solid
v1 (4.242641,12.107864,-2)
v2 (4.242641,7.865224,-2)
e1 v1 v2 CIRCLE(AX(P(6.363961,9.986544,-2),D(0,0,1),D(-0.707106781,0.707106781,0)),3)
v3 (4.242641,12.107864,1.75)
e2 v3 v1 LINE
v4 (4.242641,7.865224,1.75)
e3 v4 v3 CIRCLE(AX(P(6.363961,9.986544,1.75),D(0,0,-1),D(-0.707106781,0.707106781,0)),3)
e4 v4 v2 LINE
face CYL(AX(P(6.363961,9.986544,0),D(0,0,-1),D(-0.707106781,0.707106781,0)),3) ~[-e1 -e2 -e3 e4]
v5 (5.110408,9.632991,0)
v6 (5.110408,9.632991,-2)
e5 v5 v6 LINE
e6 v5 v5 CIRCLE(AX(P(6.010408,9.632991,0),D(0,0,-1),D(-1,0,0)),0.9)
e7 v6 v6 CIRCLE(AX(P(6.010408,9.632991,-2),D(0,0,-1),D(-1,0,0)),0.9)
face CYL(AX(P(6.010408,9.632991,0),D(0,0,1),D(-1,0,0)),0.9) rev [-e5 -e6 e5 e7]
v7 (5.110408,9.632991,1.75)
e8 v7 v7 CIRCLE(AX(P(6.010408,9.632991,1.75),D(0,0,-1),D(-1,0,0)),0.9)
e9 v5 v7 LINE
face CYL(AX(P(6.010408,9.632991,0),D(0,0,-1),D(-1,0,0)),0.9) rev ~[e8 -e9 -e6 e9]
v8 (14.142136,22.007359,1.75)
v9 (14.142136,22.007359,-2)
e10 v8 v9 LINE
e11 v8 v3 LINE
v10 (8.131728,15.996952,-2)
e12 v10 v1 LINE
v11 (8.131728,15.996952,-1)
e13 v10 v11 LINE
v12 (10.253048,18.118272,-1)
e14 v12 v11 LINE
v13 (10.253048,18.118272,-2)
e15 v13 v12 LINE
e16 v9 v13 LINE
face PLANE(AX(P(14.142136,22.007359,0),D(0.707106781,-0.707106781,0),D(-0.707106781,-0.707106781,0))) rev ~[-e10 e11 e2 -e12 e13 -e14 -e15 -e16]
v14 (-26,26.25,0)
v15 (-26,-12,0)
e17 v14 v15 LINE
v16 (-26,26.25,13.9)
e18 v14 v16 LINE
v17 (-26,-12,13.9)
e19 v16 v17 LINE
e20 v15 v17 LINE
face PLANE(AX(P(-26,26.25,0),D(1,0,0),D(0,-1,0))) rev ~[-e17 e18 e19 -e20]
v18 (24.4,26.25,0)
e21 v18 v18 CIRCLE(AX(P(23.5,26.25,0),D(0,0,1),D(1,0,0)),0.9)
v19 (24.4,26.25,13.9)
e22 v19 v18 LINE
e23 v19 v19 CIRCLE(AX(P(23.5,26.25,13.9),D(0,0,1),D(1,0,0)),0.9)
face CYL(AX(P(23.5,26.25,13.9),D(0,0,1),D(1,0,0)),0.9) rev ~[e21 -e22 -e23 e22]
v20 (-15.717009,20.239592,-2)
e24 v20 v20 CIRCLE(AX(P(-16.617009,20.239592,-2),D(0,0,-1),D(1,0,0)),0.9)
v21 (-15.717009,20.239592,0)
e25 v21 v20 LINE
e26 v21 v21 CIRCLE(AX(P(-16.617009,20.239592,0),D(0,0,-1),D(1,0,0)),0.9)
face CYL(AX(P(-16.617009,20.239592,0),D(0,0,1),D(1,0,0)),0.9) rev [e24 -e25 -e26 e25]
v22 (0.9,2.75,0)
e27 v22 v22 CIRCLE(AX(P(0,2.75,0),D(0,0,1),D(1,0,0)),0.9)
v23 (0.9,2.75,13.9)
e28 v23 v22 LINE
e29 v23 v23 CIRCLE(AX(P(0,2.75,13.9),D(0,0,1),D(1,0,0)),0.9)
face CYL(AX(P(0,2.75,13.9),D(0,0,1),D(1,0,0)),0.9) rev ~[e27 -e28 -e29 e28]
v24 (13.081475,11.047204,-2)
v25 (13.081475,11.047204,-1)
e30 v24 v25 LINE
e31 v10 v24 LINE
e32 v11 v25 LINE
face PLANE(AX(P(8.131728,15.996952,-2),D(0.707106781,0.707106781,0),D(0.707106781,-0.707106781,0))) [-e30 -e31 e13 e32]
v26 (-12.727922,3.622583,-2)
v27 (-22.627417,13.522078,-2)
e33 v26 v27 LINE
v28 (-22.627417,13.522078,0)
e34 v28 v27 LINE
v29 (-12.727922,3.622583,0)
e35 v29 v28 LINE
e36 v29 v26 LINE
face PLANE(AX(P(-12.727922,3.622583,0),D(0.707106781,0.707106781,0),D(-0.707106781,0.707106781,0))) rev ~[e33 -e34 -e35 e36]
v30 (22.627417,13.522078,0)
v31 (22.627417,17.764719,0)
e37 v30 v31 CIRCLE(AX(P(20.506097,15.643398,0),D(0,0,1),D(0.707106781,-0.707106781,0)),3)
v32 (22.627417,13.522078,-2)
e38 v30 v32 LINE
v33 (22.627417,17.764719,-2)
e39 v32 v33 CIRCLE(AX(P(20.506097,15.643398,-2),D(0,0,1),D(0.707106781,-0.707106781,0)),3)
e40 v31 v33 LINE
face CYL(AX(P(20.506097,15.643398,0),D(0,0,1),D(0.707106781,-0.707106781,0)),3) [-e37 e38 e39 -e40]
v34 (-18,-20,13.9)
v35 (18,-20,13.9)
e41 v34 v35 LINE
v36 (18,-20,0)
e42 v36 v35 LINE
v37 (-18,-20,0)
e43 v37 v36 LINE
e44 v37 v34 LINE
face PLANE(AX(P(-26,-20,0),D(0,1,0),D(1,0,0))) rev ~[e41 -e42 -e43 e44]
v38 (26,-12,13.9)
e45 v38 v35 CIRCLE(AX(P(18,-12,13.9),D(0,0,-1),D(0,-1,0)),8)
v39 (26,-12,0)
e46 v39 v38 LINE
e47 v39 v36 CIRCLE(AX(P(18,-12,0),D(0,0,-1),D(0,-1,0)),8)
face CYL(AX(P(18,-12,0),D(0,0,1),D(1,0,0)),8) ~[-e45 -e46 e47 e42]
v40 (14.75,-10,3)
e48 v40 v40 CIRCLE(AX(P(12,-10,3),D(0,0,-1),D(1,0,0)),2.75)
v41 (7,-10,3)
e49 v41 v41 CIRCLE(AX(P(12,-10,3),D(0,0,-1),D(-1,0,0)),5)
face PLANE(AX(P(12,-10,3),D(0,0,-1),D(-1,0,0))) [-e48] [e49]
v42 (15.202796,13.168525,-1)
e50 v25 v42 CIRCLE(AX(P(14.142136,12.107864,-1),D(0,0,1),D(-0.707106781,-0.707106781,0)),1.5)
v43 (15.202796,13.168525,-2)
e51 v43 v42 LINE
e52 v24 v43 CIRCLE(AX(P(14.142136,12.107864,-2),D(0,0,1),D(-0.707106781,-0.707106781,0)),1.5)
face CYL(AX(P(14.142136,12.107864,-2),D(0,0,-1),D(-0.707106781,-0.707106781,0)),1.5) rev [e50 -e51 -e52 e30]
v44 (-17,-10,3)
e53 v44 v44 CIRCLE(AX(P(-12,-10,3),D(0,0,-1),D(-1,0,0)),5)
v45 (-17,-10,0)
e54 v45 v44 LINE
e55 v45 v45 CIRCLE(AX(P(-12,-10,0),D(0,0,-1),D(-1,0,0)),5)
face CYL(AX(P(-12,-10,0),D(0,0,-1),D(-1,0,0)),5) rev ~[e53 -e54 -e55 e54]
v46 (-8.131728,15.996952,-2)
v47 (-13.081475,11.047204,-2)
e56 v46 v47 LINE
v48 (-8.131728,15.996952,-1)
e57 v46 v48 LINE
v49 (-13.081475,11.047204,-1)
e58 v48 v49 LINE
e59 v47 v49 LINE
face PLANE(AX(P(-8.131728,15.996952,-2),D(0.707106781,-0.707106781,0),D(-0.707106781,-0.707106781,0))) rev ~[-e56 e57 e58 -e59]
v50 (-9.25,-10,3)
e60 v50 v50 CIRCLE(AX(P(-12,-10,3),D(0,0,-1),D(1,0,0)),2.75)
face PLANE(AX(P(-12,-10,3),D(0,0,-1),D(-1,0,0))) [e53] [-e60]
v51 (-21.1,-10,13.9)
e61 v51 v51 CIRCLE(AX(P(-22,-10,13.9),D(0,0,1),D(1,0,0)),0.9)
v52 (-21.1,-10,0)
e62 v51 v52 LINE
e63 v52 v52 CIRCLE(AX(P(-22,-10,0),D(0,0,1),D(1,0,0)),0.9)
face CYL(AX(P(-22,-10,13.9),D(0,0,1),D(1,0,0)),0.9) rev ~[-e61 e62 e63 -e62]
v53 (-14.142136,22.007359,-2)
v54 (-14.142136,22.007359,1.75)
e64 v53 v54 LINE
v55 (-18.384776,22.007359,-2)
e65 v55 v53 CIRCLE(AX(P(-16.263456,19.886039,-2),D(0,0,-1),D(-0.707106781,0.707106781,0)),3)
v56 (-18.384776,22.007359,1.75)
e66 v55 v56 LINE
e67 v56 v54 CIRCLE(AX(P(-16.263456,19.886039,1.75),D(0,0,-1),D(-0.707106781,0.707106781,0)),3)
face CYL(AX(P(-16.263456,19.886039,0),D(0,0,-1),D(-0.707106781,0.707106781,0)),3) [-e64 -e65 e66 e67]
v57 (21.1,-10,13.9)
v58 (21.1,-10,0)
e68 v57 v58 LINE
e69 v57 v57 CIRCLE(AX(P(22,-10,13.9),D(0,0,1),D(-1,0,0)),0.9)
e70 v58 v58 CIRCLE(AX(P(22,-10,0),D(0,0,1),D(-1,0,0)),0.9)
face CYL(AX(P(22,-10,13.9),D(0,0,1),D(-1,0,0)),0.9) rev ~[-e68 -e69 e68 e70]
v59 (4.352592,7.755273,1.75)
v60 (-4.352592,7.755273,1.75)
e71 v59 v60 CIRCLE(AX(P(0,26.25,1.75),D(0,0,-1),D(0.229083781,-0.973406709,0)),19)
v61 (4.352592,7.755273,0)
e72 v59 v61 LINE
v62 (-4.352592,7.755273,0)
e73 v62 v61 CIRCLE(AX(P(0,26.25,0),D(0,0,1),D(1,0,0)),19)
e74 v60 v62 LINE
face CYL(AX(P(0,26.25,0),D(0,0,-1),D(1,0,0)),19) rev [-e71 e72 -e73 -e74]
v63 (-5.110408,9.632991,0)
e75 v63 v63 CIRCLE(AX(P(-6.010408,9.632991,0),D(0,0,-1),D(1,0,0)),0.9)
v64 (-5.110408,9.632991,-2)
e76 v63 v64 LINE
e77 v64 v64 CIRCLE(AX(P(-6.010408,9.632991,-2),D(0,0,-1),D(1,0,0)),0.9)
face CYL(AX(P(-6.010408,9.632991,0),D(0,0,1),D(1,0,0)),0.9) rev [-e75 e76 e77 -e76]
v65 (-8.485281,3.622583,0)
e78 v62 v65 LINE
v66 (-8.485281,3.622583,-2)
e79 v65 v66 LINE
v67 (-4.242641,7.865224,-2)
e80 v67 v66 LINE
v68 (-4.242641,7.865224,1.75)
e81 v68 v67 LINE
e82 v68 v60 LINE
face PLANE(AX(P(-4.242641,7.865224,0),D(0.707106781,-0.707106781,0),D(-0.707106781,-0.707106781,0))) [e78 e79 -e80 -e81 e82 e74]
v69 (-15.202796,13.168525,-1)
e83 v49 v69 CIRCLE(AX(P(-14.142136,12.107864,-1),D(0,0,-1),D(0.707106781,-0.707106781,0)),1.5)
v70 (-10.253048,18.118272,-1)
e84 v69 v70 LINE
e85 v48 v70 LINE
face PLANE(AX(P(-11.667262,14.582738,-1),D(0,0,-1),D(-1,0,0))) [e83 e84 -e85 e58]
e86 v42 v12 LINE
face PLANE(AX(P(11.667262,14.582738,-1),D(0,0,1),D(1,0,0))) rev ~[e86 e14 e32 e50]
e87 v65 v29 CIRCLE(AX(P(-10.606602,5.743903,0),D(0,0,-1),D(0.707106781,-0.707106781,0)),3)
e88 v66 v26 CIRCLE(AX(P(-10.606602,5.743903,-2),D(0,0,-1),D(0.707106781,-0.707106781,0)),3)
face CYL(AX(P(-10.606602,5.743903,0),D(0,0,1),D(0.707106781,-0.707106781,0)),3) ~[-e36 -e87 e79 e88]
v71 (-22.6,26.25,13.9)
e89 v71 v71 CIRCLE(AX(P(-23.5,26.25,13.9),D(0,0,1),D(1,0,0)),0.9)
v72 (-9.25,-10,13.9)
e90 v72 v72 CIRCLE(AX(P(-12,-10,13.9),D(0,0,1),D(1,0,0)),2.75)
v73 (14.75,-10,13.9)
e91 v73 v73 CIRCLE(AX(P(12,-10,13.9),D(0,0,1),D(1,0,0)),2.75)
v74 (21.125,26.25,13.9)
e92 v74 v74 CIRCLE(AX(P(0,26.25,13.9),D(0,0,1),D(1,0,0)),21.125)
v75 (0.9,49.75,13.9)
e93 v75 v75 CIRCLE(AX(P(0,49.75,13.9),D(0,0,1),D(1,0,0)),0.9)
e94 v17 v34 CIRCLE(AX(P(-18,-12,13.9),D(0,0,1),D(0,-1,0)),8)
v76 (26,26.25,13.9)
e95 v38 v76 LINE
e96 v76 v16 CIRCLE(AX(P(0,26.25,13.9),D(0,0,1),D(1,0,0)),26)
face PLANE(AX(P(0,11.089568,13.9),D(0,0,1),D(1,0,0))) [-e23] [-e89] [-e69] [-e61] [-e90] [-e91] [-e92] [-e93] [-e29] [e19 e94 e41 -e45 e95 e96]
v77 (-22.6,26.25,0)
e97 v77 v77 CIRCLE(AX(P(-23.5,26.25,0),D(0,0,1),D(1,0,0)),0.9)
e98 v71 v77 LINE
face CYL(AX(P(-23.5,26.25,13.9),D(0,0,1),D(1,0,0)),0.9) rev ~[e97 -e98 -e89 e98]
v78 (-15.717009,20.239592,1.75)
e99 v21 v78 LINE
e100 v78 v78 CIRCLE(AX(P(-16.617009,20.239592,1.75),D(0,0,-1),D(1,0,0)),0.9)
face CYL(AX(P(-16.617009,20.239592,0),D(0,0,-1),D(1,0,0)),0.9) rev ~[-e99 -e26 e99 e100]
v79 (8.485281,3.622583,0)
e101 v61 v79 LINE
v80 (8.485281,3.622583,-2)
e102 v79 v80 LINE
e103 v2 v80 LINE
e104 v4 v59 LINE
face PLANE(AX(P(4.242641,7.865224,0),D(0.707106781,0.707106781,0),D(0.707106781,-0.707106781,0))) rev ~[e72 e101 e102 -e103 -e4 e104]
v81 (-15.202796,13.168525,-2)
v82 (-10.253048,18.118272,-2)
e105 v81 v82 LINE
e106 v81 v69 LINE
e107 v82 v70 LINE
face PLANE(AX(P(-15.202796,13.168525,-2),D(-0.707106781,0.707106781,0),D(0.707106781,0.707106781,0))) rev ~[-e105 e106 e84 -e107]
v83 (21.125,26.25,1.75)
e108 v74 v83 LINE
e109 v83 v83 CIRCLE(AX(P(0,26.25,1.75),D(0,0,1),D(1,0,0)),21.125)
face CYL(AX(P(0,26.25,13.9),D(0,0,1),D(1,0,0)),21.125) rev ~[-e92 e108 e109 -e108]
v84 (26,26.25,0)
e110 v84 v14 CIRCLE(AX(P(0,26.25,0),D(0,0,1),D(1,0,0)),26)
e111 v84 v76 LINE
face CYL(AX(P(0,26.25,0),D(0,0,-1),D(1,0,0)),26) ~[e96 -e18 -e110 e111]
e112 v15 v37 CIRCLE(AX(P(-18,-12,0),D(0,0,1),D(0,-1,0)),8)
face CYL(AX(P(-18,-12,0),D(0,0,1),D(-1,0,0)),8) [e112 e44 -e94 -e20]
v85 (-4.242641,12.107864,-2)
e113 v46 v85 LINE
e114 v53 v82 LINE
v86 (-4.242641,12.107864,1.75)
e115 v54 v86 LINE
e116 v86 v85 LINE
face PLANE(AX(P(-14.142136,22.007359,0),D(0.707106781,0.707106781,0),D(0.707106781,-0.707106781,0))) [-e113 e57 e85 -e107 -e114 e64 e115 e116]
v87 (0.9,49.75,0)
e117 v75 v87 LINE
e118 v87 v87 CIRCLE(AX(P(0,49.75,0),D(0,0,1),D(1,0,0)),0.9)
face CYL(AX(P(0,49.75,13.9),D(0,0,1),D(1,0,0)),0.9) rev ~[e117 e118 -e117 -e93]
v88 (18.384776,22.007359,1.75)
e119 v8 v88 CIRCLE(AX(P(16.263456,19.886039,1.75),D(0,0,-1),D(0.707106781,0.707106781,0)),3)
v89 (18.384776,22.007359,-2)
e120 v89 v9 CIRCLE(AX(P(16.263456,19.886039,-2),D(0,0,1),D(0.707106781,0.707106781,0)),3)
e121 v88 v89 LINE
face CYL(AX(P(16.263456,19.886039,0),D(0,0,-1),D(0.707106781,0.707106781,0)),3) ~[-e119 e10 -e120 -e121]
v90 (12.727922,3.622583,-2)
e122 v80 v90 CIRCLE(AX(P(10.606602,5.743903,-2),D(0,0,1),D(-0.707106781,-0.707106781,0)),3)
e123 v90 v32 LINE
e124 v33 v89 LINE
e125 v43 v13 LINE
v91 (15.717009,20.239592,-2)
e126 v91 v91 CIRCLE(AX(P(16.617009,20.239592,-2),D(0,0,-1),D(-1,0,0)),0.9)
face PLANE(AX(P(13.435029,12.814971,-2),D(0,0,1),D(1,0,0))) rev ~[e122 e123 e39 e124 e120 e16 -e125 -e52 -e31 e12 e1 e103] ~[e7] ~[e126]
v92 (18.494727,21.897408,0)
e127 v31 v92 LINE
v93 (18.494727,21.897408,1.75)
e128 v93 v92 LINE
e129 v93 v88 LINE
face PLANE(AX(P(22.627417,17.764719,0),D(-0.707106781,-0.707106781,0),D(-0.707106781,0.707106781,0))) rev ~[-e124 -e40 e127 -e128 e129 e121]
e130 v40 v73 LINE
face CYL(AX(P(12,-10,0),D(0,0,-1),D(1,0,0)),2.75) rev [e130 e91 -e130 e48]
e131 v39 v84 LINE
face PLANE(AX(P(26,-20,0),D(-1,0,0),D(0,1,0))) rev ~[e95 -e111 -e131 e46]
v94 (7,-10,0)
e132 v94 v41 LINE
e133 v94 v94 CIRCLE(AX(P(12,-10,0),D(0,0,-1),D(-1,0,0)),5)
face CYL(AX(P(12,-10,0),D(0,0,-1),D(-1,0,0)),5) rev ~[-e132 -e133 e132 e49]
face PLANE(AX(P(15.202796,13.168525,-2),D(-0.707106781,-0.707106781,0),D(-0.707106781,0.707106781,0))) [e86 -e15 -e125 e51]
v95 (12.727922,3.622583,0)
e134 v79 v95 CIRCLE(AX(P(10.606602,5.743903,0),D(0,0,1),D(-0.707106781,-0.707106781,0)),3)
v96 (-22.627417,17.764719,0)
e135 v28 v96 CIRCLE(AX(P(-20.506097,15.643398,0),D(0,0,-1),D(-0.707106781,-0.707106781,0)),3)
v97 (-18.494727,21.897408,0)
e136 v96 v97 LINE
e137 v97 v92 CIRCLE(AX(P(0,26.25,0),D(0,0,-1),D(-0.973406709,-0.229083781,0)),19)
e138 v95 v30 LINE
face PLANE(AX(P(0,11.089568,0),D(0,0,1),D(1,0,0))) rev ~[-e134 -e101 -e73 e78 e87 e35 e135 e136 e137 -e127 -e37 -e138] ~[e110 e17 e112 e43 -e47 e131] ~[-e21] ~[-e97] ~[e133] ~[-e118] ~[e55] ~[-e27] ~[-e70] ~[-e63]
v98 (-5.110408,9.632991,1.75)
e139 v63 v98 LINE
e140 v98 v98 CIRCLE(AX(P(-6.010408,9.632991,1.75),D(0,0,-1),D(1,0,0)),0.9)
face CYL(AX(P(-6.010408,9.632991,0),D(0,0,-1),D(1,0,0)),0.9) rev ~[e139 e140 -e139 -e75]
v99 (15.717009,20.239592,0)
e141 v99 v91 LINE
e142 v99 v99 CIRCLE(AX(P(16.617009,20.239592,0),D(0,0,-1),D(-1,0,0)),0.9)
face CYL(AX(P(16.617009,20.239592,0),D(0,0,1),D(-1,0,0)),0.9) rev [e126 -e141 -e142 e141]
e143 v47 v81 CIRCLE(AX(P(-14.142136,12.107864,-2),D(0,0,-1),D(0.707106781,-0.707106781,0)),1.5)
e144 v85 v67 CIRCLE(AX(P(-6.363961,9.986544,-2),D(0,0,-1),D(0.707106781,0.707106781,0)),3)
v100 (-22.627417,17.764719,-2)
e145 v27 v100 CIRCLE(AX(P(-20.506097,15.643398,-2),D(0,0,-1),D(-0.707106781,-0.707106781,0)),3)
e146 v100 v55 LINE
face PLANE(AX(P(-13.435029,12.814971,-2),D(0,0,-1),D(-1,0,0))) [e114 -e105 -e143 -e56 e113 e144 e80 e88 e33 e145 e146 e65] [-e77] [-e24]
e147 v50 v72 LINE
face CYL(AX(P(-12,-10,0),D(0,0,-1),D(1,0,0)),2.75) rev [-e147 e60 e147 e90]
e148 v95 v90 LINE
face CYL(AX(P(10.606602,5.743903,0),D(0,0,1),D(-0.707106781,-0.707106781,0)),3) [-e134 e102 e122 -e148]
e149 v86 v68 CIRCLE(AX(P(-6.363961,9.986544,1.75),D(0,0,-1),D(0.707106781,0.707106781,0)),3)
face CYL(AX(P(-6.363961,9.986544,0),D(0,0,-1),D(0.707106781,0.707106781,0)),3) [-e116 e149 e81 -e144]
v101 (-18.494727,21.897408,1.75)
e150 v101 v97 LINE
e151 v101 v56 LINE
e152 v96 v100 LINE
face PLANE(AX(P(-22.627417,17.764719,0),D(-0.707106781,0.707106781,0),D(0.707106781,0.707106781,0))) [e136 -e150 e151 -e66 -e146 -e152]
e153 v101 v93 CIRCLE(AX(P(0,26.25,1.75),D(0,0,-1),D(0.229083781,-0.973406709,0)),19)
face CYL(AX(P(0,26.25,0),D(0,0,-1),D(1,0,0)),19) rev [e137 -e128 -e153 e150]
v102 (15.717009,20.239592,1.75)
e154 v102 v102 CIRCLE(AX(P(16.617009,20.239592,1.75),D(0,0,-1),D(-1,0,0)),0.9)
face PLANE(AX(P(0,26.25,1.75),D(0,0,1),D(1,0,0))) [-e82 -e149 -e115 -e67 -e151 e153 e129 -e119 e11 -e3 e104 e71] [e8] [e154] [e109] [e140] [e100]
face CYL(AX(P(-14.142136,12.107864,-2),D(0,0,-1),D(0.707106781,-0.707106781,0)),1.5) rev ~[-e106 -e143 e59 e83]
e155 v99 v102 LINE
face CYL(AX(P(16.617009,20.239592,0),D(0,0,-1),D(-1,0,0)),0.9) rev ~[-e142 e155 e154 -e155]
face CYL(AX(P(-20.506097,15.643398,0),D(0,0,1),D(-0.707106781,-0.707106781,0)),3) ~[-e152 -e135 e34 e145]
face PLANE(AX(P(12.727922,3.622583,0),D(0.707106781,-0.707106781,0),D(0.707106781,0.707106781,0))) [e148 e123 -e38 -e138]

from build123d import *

# Parameters (mm, degrees)
SKETCH_2_R                  = 19
SKETCH_2_R_2                = 2.75
EXTRUDE_1_DEPTH             = 13.9
SKETCH_3_R                  = 21.125
CUT_EXTRUDE_1_DEPTH         = 12.15
SKETCH_4_R                  = 5
CUT_EXTRUDE_2_DEPTH         = 3
FILLET_1_R                  = 8
SKETCH_5_R                  = 0.9
CUT_EXTRUDE_3_DEPTH         = 60.993937194
SKETCH_6_R                  = 0.9
EXTRUDE_2_DEPTH             = 2
EXTRUDE_2_DIRECTION_2_REACH = 61.994
CUT_EXTRUDE_4_DEPTH         = 1


with BuildPart() as part:
    # Sketch 2 → Extrude 1 (new body)
    with BuildSketch(Plane.XY):
        with BuildLine():
            ThreePointArc((26, 26.25), (0, 52.25), (-26, 26.25))
            Line((-26, 26.25), (-26, -20))
            Line((-26, -20), (26, -20))
            Line((26, -20), (26, 26.25))
        make_face()
        with Locations((0, 26.25)):
            Circle(SKETCH_2_R, mode=Mode.SUBTRACT)
        with Locations((12, -10)):
            Circle(SKETCH_2_R_2, mode=Mode.SUBTRACT)
        with Locations((-12, -10)):
            Circle(SKETCH_2_R_2, mode=Mode.SUBTRACT)
    extrude(amount=EXTRUDE_1_DEPTH)

    # Sketch 3 → Cut-Extrude 1 (cut)
    with BuildSketch(Plane.XY.offset(13.9)):
        with Locations((0, 26.25)):
            Circle(SKETCH_3_R)
    extrude(amount=-CUT_EXTRUDE_1_DEPTH, mode=Mode.SUBTRACT)

    # Sketch 4 → Cut-Extrude 2 (cut)
    with BuildSketch(Plane(origin=(0, 0, 0), x_dir=(-1, 0, 0), z_dir=(0, 0, -1))):
        with Locations((-12, -10)):
            Circle(SKETCH_4_R)
        with Locations((12, -10)):
            Circle(SKETCH_4_R)
    extrude(amount=-CUT_EXTRUDE_2_DEPTH, mode=Mode.SUBTRACT)

    # Fillet 1
    fillet_1_edges = [part.edges().sort_by_distance(p)[0] for p in [
        (26, -20, 6.95),
        (-26, -20, 6.95),
    ]]
    fillet(fillet_1_edges, radius=FILLET_1_R)

    # Sketch 5 → Cut-Extrude 3 (cut, through all)
    with BuildSketch(Plane.XY.offset(13.9)):
        with Locations((0, 49.75)):
            Circle(SKETCH_5_R)
        with Locations((-23.5, 26.25)):
            Circle(SKETCH_5_R)
        with Locations((0, 2.75)):
            Circle(SKETCH_5_R)
        with Locations((23.5, 26.25)):
            Circle(SKETCH_5_R)
        with Locations((-22, -10)):
            Circle(SKETCH_5_R)
        with Locations(Location((22, -10, 0), (0, 0, 180))):
            Circle(SKETCH_5_R)
    extrude(amount=-CUT_EXTRUDE_3_DEPTH, mode=Mode.SUBTRACT)

    # Sketch 6 → Extrude 2 (add)
    # profile 1 of 2: a face of its own
    with BuildSketch(Plane(origin=(0, 0, 0), x_dir=(-1, 0, 0), z_dir=(0, 0, -1))):
        with BuildLine():
            Line((-22.627416998, 17.764718626), (-18.384776311, 22.007359313))
            ThreePointArc((-18.384776311, 22.007359313), (-16.263455967, 22.886038969), (-14.142135624, 22.007359313))
            Line((-14.142135624, 22.007359313), (-4.242640687, 12.107864376))
            ThreePointArc((-4.242640687, 12.107864376), (-3.363961031, 9.986544033), (-4.242640687, 7.865223689))
            Line((-4.242640687, 7.865223689), (-8.485281374, 3.622583002))
            ThreePointArc((-8.485281374, 3.622583002), (-10.606601718, 2.743903346), (-12.727922061, 3.622583002))
            Line((-12.727922061, 3.622583002), (-22.627416998, 13.522077939))
            ThreePointArc((-22.627416998, 13.522077939), (-23.506096654, 15.643398282), (-22.627416998, 17.764718626))
        make_face()
        with Locations((-16.617009358, 20.23959236)):
            Circle(SKETCH_6_R, mode=Mode.SUBTRACT)
        with Locations((-6.01040764, 9.632990642)):
            Circle(SKETCH_6_R, mode=Mode.SUBTRACT)
    # profile 2 of 2: a face of its own
    with BuildSketch(Plane(origin=(0, 0, 0), x_dir=(-1, 0, 0), z_dir=(0, 0, -1))):
        with BuildLine():
            Line((14.142135624, 22.007359313), (4.242640687, 12.107864376))
            ThreePointArc((4.242640687, 12.107864376), (3.363961031, 9.986544033), (4.242640687, 7.865223689))
            Line((4.242640687, 7.865223689), (8.485281374, 3.622583002))
            ThreePointArc((8.485281374, 3.622583002), (10.606601718, 2.743903346), (12.727922061, 3.622583002))
            Line((12.727922061, 3.622583002), (22.627416998, 13.522077939))
            ThreePointArc((22.627416998, 13.522077939), (23.506096654, 15.643398282), (22.627416998, 17.764718626))
            Line((22.627416998, 17.764718626), (18.384776311, 22.007359313))
            ThreePointArc((18.384776311, 22.007359313), (16.263455967, 22.886038969), (14.142135624, 22.007359313))
        make_face()
        with Locations(Location((6.01040764, 9.632990642, 0), (0, 0, 180))):
            Circle(SKETCH_6_R, mode=Mode.SUBTRACT)
        with Locations(Location((16.617009358, 20.23959236, 0), (0, 0, 180))):
            Circle(SKETCH_6_R, mode=Mode.SUBTRACT)
    extrude(amount=EXTRUDE_2_DEPTH)

    # Extrude 2 direction 2: up to this face of the body (flat: up to its plane)
    extrude_2_direction_2_end = Plane(part.part.faces().sort_by_distance((-20.52749477, 26.25, 1.75))[0])
    # Sketch 6 → Extrude 2 direction 2 (add, up to the picked face)
    with BuildSketch(Plane(origin=(0, 0, 0), x_dir=(-1, 0, 0), z_dir=(0, 0, -1)), mode=Mode.PRIVATE) as extrude_2_direction_2_sk1:
        with BuildLine():
            Line((-22.627416998, 17.764718626), (-18.384776311, 22.007359313))
            ThreePointArc((-18.384776311, 22.007359313), (-16.263455967, 22.886038969), (-14.142135624, 22.007359313))
            Line((-14.142135624, 22.007359313), (-4.242640687, 12.107864376))
            ThreePointArc((-4.242640687, 12.107864376), (-3.363961031, 9.986544033), (-4.242640687, 7.865223689))
            Line((-4.242640687, 7.865223689), (-8.485281374, 3.622583002))
            ThreePointArc((-8.485281374, 3.622583002), (-10.606601718, 2.743903346), (-12.727922061, 3.622583002))
            Line((-12.727922061, 3.622583002), (-22.627416998, 13.522077939))
            ThreePointArc((-22.627416998, 13.522077939), (-23.506096654, 15.643398282), (-22.627416998, 17.764718626))
        make_face()
        with Locations((-16.617009358, 20.23959236)):
            Circle(SKETCH_6_R, mode=Mode.SUBTRACT)
        with Locations((-6.01040764, 9.632990642)):
            Circle(SKETCH_6_R, mode=Mode.SUBTRACT)
    extrude_2_direction_2_tool1 = split(extrude(extrude_2_direction_2_sk1.sketch, amount=-EXTRUDE_2_DIRECTION_2_REACH, mode=Mode.PRIVATE), bisect_by=extrude_2_direction_2_end, keep=Keep.BOTH, mode=Mode.PRIVATE)
    # Sketch 6 → Extrude 2 direction 2 (add, up to the picked face)
    with BuildSketch(Plane(origin=(0, 0, 0), x_dir=(-1, 0, 0), z_dir=(0, 0, -1)), mode=Mode.PRIVATE) as extrude_2_direction_2_sk2:
        with BuildLine():
            Line((14.142135624, 22.007359313), (4.242640687, 12.107864376))
            ThreePointArc((4.242640687, 12.107864376), (3.363961031, 9.986544033), (4.242640687, 7.865223689))
            Line((4.242640687, 7.865223689), (8.485281374, 3.622583002))
            ThreePointArc((8.485281374, 3.622583002), (10.606601718, 2.743903346), (12.727922061, 3.622583002))
            Line((12.727922061, 3.622583002), (22.627416998, 13.522077939))
            ThreePointArc((22.627416998, 13.522077939), (23.506096654, 15.643398282), (22.627416998, 17.764718626))
            Line((22.627416998, 17.764718626), (18.384776311, 22.007359313))
            ThreePointArc((18.384776311, 22.007359313), (16.263455967, 22.886038969), (14.142135624, 22.007359313))
        make_face()
        with Locations(Location((6.01040764, 9.632990642, 0), (0, 0, 180))):
            Circle(SKETCH_6_R, mode=Mode.SUBTRACT)
        with Locations(Location((16.617009358, 20.23959236, 0), (0, 0, 180))):
            Circle(SKETCH_6_R, mode=Mode.SUBTRACT)
    extrude_2_direction_2_tool2 = split(extrude(extrude_2_direction_2_sk2.sketch, amount=-EXTRUDE_2_DIRECTION_2_REACH, mode=Mode.PRIVATE), bisect_by=extrude_2_direction_2_end, keep=Keep.BOTH, mode=Mode.PRIVATE)
    add(extrude_2_direction_2_tool1.solids().sort_by(Axis((13.48255, 12.76745, 0), (0, 0, 1)))[0])
    add(extrude_2_direction_2_tool2.solids().sort_by(Axis((-13.48255, 12.76745, 0), (0, 0, 1)))[0])

    # Sketch 7 → Cut-Extrude 4 (cut)
    with BuildSketch(Plane(origin=(0, 0, -2), x_dir=(-1, 0, 0), z_dir=(0, 0, -1))):
        with BuildLine():
            Line((-15.202795796, 13.168524548), (-10.253048327, 18.118272016))
            ThreePointArc((-10.253048327, 18.118272016), (-8.131727984, 18.118272016), (-8.131727984, 15.996951673))
            Line((-8.131727984, 15.996951673), (-13.081475452, 11.047204204))
            ThreePointArc((-13.081475452, 11.047204204), (-15.202795796, 11.047204204), (-15.202795796, 13.168524548))
        make_face()
        with BuildLine():
            Line((15.202795796, 13.168524548), (10.253048327, 18.118272016))
            ThreePointArc((10.253048327, 18.118272016), (8.131727984, 18.118272016), (8.131727984, 15.996951673))
            Line((8.131727984, 15.996951673), (13.081475452, 11.047204204))
            ThreePointArc((13.081475452, 11.047204204), (15.202795796, 11.047204204), (15.202795796, 13.168524548))
        make_face()
    extrude(amount=-CUT_EXTRUDE_4_DEPTH, mode=Mode.SUBTRACT)


solid = part.part
